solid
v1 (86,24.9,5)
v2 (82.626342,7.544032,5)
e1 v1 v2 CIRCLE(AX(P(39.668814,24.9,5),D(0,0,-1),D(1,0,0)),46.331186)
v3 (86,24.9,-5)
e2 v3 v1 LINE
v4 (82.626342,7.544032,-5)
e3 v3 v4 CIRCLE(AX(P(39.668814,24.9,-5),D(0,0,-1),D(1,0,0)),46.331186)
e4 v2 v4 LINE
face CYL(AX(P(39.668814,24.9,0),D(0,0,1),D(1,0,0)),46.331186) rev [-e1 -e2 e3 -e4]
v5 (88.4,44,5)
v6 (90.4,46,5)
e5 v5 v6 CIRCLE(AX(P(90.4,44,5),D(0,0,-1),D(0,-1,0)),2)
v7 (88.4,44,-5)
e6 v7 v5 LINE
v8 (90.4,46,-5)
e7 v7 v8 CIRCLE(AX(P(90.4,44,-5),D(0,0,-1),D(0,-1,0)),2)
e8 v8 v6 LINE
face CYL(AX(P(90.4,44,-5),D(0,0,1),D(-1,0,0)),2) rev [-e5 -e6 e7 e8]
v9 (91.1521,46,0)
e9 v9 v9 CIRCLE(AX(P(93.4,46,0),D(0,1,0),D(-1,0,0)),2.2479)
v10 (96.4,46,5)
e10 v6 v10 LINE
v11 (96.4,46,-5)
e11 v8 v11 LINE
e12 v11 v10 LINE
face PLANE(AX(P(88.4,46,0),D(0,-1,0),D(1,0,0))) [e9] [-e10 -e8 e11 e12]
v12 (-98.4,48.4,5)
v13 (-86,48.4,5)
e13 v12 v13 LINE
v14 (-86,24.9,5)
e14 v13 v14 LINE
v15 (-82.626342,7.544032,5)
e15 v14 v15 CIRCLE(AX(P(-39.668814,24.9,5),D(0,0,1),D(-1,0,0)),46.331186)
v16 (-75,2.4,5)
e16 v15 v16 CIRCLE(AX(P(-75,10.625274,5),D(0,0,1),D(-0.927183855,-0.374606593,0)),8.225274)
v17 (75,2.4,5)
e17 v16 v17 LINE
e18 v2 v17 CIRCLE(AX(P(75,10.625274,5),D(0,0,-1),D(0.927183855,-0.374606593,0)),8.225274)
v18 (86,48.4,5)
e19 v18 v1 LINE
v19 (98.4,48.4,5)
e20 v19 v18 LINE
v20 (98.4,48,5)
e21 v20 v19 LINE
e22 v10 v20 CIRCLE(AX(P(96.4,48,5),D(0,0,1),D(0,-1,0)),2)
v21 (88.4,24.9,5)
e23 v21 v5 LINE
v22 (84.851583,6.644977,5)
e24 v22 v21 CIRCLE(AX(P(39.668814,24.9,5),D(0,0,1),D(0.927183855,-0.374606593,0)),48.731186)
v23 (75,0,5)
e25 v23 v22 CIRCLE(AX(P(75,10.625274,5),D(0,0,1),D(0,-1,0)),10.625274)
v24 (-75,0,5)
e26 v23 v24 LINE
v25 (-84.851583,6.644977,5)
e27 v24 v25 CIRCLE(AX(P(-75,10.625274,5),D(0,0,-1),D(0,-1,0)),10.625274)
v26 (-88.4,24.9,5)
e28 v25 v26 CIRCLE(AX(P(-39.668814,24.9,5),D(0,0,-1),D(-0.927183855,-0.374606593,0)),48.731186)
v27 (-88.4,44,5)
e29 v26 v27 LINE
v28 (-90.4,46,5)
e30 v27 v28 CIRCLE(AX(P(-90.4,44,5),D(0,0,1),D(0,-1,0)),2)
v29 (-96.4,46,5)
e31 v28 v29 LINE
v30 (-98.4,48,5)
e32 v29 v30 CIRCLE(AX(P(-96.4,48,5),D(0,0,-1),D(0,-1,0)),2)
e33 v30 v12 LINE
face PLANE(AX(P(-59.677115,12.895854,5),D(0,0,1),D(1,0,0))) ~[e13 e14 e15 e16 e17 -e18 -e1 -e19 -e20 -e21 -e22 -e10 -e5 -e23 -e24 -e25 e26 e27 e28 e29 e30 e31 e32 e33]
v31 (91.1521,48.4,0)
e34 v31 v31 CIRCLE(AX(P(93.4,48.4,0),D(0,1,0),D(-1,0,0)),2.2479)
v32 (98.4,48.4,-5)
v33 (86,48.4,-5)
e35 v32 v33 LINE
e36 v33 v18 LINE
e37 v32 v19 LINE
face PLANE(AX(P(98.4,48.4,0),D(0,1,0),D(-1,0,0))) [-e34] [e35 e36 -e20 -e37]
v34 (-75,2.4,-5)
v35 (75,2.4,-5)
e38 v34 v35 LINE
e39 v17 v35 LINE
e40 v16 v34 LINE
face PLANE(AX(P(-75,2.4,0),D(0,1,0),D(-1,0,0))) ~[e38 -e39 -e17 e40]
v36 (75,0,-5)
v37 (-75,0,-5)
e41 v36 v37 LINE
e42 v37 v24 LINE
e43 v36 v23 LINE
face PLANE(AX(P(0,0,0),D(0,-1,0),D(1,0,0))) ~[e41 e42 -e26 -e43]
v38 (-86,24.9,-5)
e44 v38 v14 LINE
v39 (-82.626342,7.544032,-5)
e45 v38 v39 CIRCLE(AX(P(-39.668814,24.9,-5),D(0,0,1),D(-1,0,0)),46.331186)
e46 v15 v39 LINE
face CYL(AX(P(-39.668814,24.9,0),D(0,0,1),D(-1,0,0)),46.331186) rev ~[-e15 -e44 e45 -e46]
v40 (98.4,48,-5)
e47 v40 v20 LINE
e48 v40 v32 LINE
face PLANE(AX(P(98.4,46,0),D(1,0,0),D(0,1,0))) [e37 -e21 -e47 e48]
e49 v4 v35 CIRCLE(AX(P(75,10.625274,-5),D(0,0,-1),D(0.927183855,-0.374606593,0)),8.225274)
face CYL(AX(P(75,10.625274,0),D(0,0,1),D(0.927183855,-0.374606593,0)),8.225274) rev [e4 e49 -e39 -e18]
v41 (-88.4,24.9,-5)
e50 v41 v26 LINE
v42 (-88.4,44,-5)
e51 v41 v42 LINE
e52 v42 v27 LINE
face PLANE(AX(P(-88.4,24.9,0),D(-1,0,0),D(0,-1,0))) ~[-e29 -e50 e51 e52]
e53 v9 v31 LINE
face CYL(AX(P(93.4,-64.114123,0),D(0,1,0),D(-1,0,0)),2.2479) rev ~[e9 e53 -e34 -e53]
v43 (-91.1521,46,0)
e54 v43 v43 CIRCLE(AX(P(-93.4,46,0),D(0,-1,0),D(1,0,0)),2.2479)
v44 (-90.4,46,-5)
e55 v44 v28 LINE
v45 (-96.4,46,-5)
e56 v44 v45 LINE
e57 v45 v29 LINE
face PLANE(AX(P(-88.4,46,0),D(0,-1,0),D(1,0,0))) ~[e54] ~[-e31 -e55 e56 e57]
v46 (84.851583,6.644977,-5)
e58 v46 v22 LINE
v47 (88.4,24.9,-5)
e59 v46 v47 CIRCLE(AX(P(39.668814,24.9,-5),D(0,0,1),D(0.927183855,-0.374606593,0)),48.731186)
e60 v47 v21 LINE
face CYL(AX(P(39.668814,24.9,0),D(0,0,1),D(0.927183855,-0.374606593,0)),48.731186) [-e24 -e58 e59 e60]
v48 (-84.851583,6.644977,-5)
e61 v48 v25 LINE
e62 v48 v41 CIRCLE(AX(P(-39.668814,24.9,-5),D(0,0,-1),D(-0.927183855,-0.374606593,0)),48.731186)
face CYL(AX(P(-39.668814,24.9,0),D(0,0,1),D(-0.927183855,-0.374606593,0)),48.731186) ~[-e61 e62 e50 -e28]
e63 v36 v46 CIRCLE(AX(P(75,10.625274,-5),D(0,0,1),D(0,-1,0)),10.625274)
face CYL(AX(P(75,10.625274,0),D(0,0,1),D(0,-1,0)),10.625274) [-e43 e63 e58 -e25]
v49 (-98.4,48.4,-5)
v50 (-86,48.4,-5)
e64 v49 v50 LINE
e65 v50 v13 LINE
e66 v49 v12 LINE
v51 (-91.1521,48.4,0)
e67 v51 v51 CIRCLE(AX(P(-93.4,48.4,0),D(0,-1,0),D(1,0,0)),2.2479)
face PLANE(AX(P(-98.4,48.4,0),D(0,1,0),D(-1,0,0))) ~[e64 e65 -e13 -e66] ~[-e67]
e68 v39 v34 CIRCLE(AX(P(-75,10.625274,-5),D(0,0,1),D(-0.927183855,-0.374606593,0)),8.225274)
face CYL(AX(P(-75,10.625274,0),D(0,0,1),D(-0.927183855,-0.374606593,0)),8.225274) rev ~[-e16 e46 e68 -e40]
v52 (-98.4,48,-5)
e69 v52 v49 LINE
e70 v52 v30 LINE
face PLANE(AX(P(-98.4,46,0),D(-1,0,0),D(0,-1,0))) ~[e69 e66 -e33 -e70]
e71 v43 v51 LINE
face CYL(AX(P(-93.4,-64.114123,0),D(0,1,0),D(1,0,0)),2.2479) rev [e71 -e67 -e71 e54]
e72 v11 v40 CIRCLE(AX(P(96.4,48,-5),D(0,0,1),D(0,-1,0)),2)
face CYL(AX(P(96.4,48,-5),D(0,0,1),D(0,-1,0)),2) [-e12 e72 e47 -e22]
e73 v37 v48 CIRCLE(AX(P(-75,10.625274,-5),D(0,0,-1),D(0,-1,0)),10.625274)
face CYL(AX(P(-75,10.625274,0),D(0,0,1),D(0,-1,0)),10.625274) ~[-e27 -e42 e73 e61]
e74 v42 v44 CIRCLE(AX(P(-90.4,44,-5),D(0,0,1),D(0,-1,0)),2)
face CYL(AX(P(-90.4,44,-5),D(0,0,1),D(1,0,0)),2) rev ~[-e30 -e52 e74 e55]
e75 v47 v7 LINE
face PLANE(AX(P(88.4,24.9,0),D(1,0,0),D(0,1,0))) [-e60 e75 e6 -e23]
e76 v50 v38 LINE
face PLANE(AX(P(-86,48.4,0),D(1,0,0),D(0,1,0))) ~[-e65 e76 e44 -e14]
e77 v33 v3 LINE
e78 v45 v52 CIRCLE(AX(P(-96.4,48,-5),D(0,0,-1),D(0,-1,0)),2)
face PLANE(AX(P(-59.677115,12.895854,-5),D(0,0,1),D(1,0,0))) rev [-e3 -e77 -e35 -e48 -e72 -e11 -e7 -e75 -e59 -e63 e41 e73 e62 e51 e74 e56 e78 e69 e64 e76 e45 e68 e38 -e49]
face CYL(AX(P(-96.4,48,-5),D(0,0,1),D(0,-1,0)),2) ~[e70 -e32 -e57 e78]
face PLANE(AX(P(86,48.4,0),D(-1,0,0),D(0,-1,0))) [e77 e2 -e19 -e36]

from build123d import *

# Parameters (mm, degrees)
F1_DEPTH = 5
F3_D     = 4.4958
F4_R     = 2


with BuildPart() as f1:
    # F0 (on Top) → F1 (new body, symmetric)
    with BuildSketch(Plane.XY):
        with BuildLine():
            Line((0, 2.4), (0, 0))
            Line((0, 0), (75, 0))
            ThreePointArc((75, 0), (80.9415780593, 1.816522709), (84.8515829028, 6.6449765723))
            ThreePointArc((84.8515829028, 6.6449765723), (87.5046708667, 15.6016514337), (88.4, 24.9))
            Line((88.4, 24.9), (88.4, 46))
            Line((88.4, 46), (98.4, 46))
            Line((98.4, 46), (98.4, 48.4))
            Line((98.4, 48.4), (86, 48.4))
            Line((86, 48.4), (86, 24.9))
            ThreePointArc((86, 24.9), (85.1487656265, 16.0595930226), (82.6263416519, 7.5440323965))
            ThreePointArc((82.6263416519, 7.5440323965), (79.5995150909, 3.8062128831), (75, 2.4))
            Line((75, 2.4), (0, 2.4))
        make_face()
    extrude(amount=F1_DEPTH, both=True)

    # F3 (through all)
    with Locations(Plane.XZ.offset(-46)):
        with Locations((93.4, 0)):
            Hole(F3_D / 2)

    # F4
    f4_edges = [f1.edges().sort_by_distance(p)[0] for p in [
        (88.4, 46, 0),
        (98.4, 46, 0),
    ]]
    fillet(f4_edges, radius=F4_R)

    # F5: F1 across face


with BuildPart() as f1_1:
    add(f1.part)
    add(f1.part.mirror(Plane(origin=(0, 1.2, 0), x_dir=(0, -1, 0), z_dir=(-1, 0, 0))))


solid = f1_1.part
